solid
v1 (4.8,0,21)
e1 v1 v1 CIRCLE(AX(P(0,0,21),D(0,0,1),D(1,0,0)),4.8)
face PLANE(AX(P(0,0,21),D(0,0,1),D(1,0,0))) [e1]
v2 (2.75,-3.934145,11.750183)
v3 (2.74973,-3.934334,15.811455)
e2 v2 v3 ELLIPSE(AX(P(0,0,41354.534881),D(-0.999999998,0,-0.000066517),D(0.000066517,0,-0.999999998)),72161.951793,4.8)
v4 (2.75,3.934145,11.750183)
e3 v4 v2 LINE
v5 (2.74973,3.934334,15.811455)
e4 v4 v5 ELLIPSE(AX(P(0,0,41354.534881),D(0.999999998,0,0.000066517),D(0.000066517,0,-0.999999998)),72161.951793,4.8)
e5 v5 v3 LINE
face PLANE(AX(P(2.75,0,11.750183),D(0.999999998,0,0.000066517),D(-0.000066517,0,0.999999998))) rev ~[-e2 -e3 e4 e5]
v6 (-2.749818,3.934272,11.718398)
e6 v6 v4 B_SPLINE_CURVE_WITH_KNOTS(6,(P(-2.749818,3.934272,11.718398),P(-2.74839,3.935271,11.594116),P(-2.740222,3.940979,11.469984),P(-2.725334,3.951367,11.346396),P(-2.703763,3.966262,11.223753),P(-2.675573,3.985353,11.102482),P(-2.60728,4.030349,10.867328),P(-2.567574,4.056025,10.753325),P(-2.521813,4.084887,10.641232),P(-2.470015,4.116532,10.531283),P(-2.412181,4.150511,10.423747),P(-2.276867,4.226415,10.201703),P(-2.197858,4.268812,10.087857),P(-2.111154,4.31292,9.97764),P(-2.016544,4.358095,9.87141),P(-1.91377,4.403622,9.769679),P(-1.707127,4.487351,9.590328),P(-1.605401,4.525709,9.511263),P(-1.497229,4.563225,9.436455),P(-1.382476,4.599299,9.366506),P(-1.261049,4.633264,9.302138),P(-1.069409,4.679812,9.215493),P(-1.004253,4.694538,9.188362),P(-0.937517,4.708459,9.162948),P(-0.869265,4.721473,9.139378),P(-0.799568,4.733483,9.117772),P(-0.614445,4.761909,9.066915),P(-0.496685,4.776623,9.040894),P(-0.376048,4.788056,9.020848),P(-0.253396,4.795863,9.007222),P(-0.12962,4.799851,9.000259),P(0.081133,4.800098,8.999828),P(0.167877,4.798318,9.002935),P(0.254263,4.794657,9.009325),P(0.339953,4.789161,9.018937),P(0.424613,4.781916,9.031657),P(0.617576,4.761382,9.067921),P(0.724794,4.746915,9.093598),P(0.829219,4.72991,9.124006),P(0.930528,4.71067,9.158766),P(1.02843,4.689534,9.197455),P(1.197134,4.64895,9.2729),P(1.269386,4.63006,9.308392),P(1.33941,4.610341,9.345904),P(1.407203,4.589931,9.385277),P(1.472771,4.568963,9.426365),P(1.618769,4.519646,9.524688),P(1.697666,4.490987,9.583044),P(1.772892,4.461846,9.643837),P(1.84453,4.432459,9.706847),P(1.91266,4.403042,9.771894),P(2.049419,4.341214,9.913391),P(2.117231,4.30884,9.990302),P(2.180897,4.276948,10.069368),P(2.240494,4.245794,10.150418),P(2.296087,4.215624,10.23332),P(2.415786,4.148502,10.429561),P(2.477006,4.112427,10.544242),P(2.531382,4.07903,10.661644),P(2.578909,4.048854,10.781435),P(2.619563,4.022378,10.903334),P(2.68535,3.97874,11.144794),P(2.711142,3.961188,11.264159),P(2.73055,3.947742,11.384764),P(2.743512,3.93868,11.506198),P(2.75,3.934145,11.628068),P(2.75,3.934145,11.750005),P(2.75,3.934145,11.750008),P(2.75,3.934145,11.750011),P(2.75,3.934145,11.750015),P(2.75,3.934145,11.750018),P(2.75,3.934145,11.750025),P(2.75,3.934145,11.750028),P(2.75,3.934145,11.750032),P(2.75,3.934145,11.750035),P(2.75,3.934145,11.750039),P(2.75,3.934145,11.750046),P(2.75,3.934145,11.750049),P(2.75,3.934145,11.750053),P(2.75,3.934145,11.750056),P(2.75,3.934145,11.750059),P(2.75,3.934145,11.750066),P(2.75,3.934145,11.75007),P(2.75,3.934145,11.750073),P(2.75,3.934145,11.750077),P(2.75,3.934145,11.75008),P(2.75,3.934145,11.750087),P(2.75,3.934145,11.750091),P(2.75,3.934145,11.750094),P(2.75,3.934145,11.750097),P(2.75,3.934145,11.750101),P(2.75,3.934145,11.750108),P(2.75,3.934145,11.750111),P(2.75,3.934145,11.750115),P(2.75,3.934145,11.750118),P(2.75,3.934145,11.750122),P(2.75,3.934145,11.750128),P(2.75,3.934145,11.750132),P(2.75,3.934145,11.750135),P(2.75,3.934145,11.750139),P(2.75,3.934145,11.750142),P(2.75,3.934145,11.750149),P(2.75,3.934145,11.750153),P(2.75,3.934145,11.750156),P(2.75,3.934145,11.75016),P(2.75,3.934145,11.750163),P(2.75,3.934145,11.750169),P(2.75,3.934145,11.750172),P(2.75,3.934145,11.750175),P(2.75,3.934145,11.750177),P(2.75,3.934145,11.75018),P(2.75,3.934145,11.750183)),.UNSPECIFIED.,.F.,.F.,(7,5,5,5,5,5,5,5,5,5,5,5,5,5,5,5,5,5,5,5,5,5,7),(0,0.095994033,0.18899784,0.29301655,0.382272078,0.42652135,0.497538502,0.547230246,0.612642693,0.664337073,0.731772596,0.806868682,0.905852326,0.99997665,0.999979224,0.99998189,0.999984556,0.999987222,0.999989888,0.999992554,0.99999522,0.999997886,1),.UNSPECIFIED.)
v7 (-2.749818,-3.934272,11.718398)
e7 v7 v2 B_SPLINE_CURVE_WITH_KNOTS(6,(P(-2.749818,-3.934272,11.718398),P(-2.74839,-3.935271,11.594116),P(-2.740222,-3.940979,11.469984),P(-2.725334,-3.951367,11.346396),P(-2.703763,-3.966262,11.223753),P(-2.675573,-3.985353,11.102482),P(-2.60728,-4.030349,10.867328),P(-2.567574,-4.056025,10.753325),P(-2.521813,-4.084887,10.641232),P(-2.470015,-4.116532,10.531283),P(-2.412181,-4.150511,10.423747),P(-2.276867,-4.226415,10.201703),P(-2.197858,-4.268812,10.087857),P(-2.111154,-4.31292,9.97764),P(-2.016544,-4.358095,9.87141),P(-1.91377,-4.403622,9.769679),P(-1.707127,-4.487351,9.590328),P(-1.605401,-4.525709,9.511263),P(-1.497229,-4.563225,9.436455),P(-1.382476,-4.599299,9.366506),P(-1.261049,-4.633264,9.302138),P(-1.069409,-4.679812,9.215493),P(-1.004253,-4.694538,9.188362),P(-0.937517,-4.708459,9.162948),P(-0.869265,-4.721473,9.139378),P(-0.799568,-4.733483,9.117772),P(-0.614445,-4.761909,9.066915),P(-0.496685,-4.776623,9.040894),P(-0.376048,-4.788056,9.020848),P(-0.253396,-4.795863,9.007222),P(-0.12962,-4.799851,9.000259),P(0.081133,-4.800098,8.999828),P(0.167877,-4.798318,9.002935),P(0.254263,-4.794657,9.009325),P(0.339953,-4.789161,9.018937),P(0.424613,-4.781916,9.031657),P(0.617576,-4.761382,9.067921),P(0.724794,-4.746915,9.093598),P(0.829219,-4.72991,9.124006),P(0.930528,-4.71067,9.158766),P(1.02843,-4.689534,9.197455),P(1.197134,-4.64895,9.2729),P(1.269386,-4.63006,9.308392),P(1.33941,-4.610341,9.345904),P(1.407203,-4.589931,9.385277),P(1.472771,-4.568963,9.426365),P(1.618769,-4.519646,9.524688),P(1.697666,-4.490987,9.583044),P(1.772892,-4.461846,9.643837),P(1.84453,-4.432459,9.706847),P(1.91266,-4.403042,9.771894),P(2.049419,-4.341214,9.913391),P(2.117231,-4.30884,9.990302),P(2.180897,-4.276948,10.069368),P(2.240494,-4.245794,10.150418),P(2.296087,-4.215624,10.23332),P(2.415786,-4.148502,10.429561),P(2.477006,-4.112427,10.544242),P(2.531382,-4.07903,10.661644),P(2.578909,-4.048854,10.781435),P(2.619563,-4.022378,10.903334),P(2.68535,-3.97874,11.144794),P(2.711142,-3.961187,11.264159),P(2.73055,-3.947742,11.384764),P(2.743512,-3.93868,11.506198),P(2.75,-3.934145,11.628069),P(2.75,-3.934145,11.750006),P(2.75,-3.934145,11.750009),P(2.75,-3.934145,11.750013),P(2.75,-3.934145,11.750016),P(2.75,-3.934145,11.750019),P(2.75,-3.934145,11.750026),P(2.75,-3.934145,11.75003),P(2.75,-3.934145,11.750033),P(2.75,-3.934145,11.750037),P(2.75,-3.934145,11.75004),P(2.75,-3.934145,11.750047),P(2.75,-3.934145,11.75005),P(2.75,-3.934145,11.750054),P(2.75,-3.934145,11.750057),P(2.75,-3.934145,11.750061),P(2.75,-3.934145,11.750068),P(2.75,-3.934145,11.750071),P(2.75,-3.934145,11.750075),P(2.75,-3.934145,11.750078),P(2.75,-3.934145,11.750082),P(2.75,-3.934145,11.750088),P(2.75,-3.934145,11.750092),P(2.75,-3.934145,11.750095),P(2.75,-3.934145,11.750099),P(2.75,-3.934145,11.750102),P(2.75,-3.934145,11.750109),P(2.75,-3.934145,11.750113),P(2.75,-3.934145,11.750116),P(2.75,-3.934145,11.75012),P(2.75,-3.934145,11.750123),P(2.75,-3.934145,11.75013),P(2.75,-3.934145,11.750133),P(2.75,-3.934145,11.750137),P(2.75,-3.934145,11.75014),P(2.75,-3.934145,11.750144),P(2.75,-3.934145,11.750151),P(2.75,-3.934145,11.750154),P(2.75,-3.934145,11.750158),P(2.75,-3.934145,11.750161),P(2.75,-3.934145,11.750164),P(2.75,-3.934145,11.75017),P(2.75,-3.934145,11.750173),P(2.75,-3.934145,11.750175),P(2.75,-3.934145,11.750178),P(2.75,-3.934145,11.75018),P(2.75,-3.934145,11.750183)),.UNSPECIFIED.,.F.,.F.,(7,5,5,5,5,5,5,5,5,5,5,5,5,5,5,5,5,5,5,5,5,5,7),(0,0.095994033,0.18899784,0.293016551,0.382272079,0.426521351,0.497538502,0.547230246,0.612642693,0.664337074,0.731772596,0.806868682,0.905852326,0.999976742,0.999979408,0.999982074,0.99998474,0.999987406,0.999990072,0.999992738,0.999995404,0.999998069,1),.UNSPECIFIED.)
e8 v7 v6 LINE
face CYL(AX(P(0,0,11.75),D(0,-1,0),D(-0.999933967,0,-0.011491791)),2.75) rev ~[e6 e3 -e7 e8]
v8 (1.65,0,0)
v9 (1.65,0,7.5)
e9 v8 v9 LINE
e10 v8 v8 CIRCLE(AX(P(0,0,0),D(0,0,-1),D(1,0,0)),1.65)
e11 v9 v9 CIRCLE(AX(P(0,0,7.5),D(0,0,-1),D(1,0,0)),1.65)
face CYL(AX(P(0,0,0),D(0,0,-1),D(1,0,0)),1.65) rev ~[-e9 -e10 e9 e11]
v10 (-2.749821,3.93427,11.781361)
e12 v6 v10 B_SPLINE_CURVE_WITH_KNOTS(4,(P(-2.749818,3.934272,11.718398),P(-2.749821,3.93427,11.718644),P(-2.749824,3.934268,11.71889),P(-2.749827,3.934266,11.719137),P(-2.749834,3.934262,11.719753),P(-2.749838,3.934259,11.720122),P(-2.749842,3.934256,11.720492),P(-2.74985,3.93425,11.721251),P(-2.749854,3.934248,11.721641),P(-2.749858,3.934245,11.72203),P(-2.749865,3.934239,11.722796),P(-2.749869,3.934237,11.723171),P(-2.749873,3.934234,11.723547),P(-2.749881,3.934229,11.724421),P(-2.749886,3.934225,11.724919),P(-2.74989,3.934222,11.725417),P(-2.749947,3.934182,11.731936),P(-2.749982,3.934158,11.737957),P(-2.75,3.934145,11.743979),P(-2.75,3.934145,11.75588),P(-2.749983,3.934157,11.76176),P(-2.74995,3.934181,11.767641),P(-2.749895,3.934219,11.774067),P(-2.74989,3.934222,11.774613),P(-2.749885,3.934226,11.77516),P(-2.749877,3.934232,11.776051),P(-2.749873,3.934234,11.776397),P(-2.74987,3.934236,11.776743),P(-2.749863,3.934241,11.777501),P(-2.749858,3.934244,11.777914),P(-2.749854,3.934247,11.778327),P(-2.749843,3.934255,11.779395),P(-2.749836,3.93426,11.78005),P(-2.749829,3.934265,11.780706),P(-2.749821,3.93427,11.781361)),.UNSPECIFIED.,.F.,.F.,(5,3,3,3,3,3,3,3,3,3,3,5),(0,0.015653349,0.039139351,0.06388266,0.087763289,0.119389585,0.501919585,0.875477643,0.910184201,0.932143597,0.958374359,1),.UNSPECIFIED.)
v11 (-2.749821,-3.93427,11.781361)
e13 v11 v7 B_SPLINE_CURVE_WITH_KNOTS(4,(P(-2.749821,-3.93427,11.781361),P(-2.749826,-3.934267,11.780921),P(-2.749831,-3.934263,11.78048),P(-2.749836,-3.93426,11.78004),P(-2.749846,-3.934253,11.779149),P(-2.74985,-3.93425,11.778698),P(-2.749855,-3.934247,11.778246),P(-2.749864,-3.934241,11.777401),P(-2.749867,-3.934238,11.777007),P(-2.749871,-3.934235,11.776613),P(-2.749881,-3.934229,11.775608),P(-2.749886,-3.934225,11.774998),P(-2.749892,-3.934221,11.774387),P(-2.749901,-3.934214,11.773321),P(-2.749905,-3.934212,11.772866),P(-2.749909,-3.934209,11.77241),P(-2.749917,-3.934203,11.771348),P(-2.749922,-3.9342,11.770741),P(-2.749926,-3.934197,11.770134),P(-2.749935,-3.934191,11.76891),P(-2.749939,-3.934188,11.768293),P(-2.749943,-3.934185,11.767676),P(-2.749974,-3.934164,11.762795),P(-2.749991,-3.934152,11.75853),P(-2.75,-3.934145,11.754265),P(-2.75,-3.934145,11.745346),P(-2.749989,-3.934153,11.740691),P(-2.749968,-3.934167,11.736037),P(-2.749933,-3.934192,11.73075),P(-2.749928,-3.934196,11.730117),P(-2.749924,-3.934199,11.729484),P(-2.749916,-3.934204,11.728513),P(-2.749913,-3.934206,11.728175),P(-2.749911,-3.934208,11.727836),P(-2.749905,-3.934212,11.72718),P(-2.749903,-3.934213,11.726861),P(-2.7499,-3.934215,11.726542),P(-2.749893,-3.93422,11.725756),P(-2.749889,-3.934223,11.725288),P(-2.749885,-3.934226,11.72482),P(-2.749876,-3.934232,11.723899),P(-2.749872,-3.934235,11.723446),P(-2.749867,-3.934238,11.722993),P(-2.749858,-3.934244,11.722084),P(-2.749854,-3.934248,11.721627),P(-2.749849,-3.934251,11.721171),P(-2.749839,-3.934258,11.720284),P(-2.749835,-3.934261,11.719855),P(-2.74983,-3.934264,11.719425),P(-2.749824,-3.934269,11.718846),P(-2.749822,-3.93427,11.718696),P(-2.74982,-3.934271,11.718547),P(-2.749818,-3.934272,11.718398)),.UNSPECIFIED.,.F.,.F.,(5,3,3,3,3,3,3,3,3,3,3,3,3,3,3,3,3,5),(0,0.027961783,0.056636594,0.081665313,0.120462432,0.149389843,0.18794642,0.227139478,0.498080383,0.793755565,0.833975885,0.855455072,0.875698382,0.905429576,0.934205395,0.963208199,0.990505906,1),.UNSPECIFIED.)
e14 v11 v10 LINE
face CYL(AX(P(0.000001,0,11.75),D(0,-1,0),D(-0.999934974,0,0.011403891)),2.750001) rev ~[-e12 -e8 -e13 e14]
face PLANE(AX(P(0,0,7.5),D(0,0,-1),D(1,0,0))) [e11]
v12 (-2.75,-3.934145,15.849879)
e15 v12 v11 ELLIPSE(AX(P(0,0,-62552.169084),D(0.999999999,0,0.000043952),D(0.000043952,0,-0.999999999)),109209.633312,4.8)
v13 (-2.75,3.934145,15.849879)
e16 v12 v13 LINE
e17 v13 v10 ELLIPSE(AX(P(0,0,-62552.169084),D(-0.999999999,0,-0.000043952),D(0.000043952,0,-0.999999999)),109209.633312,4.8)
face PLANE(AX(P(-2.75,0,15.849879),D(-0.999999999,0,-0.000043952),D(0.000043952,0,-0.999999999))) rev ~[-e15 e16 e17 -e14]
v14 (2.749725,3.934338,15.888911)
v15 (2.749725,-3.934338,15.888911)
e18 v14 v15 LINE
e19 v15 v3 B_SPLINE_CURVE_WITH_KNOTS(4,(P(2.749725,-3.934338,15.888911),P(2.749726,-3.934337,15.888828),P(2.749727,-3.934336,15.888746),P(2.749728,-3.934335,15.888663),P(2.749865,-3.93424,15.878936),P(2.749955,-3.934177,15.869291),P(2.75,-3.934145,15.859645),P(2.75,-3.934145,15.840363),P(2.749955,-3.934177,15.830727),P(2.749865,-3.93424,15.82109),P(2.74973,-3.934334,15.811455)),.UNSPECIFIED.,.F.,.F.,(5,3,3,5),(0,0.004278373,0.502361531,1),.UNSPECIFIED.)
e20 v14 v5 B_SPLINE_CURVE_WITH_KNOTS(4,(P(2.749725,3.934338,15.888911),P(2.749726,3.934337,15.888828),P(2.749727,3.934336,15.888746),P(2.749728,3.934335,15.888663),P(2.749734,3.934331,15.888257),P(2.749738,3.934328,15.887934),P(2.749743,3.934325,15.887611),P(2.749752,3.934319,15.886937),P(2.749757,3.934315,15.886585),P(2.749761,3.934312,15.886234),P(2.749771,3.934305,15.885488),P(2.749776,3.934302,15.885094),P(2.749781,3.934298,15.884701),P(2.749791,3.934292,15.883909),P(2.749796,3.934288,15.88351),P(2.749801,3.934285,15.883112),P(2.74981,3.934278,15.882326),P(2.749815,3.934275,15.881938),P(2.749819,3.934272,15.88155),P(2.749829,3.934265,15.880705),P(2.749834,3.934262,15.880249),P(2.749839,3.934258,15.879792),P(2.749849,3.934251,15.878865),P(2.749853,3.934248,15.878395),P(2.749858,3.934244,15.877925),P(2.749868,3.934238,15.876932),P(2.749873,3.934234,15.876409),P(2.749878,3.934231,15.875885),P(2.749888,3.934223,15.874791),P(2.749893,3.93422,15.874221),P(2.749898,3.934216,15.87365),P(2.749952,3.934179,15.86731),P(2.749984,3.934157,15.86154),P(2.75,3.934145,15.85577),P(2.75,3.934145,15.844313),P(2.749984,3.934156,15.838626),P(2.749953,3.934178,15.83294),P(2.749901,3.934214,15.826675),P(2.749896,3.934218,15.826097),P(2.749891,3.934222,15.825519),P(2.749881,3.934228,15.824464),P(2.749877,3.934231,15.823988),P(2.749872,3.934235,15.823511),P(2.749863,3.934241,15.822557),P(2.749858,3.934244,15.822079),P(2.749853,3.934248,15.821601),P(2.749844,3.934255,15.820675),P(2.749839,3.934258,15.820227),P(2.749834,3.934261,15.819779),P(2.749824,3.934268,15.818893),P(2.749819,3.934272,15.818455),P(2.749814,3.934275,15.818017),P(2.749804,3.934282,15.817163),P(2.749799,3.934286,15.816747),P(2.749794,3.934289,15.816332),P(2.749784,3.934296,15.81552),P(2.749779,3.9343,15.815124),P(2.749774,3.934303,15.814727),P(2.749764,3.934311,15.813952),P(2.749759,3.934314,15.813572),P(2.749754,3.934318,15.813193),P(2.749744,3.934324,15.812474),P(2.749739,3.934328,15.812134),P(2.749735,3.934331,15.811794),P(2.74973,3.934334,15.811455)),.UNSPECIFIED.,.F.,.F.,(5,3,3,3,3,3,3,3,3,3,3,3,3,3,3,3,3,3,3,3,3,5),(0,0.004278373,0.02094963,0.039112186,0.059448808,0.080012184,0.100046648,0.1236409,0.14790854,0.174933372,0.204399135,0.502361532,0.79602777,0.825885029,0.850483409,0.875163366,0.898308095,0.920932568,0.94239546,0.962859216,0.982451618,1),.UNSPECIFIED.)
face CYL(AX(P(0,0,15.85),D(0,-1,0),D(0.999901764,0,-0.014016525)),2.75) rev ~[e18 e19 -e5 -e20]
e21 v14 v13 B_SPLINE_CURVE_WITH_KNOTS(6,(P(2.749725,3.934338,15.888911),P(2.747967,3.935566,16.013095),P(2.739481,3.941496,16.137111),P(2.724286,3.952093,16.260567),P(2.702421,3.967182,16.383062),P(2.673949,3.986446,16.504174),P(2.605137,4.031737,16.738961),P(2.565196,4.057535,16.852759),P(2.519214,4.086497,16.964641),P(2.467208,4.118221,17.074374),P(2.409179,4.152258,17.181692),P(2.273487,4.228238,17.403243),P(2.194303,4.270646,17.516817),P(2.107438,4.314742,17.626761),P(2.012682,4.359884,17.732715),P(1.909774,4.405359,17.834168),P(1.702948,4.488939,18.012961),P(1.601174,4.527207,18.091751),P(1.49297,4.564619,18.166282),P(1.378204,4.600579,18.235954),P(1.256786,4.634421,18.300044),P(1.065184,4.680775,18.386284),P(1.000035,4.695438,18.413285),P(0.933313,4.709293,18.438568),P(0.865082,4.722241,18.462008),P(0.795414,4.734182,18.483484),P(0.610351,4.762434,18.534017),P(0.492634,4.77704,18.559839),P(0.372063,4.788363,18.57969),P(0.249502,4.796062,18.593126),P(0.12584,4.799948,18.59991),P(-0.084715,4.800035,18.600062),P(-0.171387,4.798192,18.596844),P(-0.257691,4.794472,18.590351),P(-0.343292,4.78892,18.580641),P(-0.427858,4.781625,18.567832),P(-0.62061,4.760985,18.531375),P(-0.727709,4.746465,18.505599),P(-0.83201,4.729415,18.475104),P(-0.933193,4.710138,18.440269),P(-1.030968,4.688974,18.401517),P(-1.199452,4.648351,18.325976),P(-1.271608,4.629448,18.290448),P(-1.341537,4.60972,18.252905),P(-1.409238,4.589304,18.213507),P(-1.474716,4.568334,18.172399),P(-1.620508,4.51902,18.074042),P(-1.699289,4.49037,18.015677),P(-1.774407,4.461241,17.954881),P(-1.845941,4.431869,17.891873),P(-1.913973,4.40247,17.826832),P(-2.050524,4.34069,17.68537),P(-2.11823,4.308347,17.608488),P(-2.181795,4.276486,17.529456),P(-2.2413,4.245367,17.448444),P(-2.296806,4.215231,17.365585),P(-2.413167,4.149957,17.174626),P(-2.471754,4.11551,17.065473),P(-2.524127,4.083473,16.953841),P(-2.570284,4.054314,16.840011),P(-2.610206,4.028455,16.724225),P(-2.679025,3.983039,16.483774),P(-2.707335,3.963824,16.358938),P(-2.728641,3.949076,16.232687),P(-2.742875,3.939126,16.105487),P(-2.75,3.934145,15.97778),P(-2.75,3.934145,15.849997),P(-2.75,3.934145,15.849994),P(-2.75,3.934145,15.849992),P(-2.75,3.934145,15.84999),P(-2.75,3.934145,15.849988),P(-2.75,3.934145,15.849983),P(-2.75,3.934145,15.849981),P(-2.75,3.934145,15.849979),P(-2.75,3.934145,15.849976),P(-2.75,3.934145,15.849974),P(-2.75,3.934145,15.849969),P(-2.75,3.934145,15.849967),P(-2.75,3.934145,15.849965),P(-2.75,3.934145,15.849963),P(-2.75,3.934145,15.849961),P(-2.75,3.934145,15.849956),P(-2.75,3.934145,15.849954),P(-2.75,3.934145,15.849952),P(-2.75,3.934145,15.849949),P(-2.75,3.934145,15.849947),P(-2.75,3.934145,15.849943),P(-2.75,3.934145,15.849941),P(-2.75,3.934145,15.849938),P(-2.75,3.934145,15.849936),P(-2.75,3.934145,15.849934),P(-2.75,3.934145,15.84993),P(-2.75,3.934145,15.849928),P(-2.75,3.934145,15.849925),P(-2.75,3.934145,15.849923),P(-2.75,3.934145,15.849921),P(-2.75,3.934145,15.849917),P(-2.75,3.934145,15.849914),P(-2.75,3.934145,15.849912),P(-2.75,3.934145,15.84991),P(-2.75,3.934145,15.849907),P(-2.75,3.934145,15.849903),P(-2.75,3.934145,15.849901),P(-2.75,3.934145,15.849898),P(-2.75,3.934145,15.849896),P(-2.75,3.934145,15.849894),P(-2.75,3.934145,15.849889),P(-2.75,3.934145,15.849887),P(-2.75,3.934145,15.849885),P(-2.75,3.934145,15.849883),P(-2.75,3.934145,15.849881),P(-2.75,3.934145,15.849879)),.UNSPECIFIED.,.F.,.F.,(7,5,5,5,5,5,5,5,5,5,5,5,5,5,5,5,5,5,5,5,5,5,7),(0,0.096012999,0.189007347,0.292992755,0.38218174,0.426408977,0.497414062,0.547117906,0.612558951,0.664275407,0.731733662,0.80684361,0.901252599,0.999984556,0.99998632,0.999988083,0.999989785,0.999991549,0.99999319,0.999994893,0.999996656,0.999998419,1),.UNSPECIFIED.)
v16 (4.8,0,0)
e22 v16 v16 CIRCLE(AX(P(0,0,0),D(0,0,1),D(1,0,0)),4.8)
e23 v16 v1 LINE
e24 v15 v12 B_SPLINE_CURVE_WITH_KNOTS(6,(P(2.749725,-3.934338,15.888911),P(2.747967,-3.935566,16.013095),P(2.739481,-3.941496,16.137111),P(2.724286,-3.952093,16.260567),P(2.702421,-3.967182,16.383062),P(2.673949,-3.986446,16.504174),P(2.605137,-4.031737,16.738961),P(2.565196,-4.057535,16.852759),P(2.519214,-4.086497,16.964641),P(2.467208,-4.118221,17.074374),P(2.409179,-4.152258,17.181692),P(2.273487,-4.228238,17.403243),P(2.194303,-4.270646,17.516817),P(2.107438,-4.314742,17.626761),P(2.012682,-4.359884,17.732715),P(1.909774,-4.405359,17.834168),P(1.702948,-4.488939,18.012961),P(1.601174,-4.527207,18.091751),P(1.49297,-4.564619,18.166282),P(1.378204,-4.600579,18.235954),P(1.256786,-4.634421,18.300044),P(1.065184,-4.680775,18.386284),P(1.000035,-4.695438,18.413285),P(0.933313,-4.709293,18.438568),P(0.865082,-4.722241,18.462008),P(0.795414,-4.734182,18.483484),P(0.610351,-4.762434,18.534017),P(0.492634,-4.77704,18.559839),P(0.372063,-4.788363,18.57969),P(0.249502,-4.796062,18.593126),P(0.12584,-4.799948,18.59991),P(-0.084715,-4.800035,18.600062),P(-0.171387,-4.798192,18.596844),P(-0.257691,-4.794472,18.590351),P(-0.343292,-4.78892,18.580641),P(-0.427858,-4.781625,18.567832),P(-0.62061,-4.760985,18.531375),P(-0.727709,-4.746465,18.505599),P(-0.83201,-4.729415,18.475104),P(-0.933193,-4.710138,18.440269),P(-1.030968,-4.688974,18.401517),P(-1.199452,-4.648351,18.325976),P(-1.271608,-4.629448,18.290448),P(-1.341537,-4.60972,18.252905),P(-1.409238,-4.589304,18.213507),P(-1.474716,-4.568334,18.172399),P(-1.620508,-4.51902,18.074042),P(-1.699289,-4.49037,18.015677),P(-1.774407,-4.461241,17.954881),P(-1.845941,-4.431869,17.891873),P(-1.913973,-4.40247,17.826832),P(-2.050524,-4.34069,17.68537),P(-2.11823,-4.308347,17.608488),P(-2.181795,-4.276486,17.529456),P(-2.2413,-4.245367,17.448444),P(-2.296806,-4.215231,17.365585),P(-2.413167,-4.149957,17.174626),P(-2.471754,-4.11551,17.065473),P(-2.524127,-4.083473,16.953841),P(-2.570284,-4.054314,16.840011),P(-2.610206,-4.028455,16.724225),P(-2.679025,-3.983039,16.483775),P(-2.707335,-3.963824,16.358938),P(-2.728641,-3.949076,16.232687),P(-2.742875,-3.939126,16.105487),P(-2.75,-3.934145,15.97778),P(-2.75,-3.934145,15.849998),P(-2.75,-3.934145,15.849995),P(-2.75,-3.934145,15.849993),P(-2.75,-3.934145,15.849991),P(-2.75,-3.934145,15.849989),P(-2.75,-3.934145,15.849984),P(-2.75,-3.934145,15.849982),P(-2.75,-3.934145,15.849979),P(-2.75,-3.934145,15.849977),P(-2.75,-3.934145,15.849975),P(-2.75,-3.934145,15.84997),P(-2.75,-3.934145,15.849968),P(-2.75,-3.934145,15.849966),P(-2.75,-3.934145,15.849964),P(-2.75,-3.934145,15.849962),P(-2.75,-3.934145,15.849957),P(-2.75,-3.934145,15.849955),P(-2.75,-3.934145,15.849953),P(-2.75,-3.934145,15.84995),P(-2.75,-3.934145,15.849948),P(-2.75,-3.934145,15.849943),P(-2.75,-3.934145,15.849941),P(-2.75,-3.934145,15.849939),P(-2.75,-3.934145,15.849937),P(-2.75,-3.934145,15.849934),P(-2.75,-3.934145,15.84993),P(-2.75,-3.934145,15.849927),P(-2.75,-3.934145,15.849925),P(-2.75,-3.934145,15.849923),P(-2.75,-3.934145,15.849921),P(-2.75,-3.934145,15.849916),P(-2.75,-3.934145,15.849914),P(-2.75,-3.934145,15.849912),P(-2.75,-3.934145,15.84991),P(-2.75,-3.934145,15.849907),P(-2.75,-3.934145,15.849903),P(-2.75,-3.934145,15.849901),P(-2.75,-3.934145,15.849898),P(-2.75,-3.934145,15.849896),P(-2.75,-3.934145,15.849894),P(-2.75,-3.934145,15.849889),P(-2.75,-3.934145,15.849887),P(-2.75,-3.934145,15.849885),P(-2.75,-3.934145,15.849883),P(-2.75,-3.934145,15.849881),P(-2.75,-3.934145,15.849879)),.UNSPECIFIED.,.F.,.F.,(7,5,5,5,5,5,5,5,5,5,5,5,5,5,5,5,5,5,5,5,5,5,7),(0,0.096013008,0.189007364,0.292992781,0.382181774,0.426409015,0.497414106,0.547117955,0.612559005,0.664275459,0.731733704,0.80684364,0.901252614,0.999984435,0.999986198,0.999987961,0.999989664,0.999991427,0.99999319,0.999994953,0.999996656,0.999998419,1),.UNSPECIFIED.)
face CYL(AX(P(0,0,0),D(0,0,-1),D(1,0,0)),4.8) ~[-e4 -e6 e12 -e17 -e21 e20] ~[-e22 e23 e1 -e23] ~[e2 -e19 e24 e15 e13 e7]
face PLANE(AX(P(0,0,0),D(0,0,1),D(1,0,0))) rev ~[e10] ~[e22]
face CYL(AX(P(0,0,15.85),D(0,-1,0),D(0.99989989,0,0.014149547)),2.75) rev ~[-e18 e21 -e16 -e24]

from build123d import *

# Parameters (mm, degrees)
F0_R          = 4.8
F1_DEPTH      = 21
F2_R          = 1.65
F3_DEPTH      = 7.5
F5_DEPTH      = 4.8010001002
F5_DEPTH_BACK = 4.8010001002


with BuildPart() as f1:
    # F0 (on Top) → F1 (new body)
    with BuildSketch(Plane.XY):
        Circle(F0_R)
    extrude(amount=F1_DEPTH)

    # F2 (on face) → F3 (cut)
    with BuildSketch(Plane(origin=(0, 0, 0), x_dir=(1, 0, 0), z_dir=(0, 0, -1))):
        Circle(F2_R)
    extrude(amount=-F3_DEPTH, mode=Mode.SUBTRACT)

    # F4 (on Front) → F5 (cut, two sides)
    with BuildSketch(Plane.XZ) as f5_sk:
        with BuildLine():
            Line((2.7497246979, 15.8889112544), (2.7497298501, 15.8114545531))
            ThreePointArc((2.7497298501, 15.8114545531), (2.7499999939, 15.8501829219), (2.7497246979, 15.8889112544))
        make_face()
        with BuildLine():
            Line((2.7499999939, 11.7501829219), (2.7497298501, 15.8114545531))
            Line((2.7497298501, 15.8114545531), (2.7497246979, 15.8889112544))
            ThreePointArc((2.7497246979, 15.8889112544), (-0.0195165469, 18.5999307454), (-2.7499999973, 15.8498791315))
            Line((-2.7499999973, 15.8498791315), (-2.7498211771, 11.781360704))
            Line((-2.7498211771, 11.781360704), (-2.7498184098, 11.718397575))
            ThreePointArc((-2.7498184098, 11.718397575), (0.0158929328, 9.000045925), (2.7499999939, 11.7501829219))
        make_face()
        with BuildLine():
            ThreePointArc((-2.7498211771, 11.781360704), (-2.7499999973, 11.7498791315), (-2.7498184098, 11.718397575))
            Line((-2.7498184098, 11.718397575), (-2.7498211771, 11.781360704))
        make_face()
    extrude(amount=-F5_DEPTH, mode=Mode.SUBTRACT)
    extrude(f5_sk.sketch, amount=F5_DEPTH_BACK, mode=Mode.SUBTRACT)


solid = f1.part
